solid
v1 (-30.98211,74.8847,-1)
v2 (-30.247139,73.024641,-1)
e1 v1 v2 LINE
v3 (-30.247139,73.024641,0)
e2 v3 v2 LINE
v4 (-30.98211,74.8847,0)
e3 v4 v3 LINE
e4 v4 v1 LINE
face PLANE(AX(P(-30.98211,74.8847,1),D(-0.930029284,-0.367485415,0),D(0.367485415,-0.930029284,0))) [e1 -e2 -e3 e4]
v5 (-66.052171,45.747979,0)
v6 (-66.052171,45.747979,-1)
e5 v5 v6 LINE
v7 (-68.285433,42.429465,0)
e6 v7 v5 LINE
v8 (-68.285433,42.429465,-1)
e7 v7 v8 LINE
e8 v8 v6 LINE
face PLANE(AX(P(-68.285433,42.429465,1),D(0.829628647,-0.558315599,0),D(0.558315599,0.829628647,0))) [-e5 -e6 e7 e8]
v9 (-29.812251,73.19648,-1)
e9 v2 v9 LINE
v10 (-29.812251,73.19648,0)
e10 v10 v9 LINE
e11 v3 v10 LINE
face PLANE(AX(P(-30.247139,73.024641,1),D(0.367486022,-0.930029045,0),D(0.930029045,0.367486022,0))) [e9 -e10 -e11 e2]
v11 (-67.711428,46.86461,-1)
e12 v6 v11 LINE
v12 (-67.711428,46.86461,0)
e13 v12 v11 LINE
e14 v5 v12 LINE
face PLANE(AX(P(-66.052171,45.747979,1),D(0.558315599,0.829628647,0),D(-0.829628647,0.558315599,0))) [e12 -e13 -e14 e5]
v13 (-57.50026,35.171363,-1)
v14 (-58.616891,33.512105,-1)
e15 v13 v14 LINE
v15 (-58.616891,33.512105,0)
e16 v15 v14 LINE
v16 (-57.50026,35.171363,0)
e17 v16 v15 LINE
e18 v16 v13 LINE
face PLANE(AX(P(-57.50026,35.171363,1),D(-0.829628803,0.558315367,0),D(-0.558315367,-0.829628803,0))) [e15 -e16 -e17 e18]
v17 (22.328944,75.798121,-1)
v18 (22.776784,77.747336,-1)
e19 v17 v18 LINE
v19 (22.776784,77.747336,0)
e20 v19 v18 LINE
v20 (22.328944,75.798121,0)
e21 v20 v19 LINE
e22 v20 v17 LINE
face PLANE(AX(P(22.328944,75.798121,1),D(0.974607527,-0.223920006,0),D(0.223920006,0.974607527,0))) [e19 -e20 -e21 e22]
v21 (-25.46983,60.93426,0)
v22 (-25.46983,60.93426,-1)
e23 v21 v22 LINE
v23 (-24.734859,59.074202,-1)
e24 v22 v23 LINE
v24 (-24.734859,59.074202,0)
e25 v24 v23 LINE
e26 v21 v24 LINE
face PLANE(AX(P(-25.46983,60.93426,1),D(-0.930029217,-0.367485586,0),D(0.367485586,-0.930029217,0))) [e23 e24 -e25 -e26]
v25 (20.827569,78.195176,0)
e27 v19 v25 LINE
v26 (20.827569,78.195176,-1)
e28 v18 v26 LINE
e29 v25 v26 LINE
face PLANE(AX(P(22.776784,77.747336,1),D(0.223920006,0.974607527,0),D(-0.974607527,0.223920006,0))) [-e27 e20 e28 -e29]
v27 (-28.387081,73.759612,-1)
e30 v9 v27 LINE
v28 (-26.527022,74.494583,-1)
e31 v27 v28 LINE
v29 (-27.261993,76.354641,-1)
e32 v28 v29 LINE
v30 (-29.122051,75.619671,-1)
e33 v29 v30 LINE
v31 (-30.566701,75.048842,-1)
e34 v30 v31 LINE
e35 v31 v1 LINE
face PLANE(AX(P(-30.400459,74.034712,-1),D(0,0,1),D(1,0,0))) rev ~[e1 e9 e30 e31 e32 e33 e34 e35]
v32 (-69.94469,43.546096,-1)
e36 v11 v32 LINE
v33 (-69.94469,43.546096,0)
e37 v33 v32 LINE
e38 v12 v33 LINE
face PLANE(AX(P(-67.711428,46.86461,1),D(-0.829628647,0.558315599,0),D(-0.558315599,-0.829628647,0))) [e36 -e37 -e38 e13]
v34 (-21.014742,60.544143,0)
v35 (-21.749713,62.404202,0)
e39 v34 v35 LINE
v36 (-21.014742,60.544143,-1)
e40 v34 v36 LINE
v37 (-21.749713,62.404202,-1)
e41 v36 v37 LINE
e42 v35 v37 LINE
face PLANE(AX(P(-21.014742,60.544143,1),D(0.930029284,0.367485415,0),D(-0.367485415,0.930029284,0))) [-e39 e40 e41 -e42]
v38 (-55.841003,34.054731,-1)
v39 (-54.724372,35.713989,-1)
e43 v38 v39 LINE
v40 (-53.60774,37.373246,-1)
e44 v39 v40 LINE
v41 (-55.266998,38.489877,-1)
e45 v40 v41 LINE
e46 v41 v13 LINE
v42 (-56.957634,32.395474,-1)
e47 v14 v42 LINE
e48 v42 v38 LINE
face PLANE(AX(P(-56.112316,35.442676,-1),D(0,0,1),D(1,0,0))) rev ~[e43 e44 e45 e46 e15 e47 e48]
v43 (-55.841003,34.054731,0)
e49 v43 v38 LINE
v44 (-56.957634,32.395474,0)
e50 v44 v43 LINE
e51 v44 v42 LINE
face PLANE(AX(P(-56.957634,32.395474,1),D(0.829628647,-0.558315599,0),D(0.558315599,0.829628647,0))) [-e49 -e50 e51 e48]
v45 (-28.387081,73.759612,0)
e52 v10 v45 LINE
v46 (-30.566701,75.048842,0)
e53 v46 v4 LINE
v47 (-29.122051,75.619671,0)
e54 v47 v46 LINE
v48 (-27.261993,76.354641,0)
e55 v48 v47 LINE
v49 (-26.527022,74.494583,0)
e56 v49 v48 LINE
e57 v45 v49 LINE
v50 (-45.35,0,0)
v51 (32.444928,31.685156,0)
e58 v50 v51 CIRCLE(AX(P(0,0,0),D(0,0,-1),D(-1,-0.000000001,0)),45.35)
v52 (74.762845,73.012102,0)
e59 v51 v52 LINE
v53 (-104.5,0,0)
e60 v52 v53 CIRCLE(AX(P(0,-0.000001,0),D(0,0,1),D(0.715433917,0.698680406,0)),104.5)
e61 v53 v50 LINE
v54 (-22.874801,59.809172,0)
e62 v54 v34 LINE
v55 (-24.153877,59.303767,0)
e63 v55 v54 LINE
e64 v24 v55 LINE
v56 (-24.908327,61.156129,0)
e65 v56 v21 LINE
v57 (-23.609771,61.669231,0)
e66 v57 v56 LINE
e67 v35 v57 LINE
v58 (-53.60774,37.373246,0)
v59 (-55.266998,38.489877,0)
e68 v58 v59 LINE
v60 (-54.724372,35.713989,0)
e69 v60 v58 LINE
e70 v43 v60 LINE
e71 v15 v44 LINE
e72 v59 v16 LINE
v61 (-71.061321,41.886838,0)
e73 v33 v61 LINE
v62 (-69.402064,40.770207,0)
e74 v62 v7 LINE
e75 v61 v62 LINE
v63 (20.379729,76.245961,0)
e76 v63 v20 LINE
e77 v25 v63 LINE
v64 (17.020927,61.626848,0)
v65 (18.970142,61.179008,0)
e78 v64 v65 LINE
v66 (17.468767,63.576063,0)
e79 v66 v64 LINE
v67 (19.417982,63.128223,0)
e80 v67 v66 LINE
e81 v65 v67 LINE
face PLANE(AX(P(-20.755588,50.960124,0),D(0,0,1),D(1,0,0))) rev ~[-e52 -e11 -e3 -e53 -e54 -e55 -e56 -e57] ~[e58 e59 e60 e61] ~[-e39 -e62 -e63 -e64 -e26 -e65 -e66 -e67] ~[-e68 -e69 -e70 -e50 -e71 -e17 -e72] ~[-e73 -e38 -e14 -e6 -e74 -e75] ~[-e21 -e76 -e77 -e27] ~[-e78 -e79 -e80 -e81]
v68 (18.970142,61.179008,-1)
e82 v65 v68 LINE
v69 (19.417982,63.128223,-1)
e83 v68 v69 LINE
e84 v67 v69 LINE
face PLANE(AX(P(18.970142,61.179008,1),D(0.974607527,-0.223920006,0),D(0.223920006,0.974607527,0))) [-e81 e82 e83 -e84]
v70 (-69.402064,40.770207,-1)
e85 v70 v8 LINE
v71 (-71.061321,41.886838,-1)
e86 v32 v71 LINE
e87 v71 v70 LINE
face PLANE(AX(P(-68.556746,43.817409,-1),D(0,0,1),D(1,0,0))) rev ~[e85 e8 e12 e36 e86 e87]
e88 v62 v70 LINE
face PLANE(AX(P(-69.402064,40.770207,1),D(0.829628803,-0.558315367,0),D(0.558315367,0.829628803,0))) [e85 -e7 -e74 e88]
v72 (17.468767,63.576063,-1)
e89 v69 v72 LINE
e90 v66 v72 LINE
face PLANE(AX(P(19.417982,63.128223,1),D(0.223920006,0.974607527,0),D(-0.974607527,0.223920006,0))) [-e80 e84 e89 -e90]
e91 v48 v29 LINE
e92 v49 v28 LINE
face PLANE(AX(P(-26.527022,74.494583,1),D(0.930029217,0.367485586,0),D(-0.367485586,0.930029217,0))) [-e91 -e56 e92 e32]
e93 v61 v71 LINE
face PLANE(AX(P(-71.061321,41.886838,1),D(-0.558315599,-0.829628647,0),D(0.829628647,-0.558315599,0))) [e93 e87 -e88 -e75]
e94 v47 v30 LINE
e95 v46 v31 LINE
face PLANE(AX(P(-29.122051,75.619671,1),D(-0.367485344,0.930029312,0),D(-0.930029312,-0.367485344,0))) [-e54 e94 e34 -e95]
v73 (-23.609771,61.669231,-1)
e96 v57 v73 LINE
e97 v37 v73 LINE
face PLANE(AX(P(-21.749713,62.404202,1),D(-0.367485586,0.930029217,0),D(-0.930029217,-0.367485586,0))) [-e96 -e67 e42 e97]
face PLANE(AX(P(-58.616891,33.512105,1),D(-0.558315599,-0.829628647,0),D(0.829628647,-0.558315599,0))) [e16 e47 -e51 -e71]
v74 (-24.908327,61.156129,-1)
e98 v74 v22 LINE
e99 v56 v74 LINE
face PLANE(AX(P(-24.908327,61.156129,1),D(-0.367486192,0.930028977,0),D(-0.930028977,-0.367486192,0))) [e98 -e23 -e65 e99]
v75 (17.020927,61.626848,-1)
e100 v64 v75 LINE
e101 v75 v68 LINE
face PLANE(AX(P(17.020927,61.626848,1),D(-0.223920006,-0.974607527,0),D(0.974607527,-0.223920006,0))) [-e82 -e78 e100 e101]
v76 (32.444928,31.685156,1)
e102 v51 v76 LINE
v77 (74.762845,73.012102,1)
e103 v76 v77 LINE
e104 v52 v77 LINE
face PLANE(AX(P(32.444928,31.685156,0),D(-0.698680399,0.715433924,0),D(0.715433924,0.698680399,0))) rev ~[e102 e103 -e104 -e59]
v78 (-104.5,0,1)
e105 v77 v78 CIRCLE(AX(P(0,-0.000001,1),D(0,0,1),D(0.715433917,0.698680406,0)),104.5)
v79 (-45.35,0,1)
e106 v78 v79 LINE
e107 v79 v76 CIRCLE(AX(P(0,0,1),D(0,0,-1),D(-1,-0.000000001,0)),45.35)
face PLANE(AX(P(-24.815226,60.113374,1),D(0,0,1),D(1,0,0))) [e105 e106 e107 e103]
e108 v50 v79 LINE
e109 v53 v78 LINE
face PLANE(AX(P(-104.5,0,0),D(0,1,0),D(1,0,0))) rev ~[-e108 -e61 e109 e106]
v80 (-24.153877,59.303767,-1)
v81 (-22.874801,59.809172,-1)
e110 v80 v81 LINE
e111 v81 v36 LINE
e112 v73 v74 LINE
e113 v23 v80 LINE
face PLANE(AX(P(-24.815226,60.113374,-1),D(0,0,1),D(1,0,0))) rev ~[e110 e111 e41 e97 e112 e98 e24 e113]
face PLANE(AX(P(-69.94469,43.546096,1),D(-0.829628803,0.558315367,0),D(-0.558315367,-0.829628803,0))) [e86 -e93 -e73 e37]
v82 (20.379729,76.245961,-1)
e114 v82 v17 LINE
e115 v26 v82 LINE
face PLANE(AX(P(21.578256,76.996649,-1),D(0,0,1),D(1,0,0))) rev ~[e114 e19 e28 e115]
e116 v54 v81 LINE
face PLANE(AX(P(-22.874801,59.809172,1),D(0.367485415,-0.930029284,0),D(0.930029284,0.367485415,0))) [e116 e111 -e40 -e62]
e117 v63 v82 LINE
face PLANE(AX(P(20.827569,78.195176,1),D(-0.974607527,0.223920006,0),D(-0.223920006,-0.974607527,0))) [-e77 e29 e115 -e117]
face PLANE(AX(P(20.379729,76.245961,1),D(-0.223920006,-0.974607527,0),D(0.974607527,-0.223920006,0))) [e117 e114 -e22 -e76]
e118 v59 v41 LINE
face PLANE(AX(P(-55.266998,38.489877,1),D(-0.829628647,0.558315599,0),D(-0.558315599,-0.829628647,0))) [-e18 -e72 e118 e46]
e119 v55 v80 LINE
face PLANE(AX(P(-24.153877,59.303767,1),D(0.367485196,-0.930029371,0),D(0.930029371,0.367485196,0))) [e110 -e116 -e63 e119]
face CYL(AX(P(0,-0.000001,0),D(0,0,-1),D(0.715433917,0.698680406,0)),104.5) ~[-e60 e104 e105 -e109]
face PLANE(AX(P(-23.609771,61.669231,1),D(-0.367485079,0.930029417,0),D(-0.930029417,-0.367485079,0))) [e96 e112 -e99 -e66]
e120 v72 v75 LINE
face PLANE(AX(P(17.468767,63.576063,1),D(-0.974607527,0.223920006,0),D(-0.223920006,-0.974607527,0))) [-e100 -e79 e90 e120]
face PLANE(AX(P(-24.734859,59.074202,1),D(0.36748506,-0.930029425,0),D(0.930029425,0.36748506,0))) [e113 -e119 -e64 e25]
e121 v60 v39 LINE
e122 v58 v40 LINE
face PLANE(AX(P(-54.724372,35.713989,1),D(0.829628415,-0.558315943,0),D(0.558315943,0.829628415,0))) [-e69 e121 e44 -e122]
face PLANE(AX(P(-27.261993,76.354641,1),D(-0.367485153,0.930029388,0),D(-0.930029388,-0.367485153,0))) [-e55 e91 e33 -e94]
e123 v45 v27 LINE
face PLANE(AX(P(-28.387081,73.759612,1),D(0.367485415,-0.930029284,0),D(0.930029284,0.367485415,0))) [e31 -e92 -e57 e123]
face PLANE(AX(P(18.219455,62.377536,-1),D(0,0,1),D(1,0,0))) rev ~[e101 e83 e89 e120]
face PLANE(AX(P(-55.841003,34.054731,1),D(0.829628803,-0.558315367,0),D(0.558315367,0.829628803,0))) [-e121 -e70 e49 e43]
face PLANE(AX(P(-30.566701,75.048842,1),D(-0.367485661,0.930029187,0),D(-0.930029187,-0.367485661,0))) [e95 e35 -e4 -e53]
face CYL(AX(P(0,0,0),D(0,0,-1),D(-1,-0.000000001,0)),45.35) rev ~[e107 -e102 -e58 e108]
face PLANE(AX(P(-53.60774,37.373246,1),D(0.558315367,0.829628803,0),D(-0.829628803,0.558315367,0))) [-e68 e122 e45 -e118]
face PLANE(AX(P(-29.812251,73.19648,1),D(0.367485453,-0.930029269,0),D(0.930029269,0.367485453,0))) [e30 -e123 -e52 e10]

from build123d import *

# Parameters (mm, degrees)
F1_DEPTH = 1
F3_DEPTH = 2


with BuildPart() as f1:
    # F0 (on Top) → F1 (new body)
    with BuildSketch(Plane.XY):
        with BuildLine():
            Line((32.444928, 31.685156), (74.762845, 73.012102))
            ThreePointArc((74.762845, 73.012102), (-39.417843, 96.780595), (-104.5, 0))
            Line((-104.5, 0), (-45.35, 0))
            ThreePointArc((-45.35, 0), (-17.106212, 42), (32.444928, 31.685156))
        make_face()
    extrude(amount=F1_DEPTH)

    # F2 (on face) → F3 (join)
    with BuildSketch(Plane.XY.offset(1)):
        Polygon((-24.734859, 59.074202), (-24.153877, 59.303767), (-24.908327, 61.156129), (-25.46983, 60.93426), align=None)
        Polygon((-24.908327, 61.156129), (-24.153877, 59.303767), (-22.874801, 59.809172), (-21.014742, 60.544143), (-21.749713, 62.404202), (-23.609771, 61.669231), align=None)
        Polygon((-30.247139, 73.024641), (-29.812251, 73.19648), (-30.566701, 75.048842), (-30.98211, 74.8847), align=None)
        Polygon((-30.566701, 75.048842), (-29.812251, 73.19648), (-28.387081, 73.759612), (-26.527022, 74.494583), (-27.261993, 76.354641), (-29.122051, 75.619671), align=None)
        Polygon((-55.841003, 34.054731), (-54.724372, 35.713989), (-56.383629, 36.83062), (-57.50026, 35.171363), align=None)
        Polygon((-68.285433, 42.429465), (-67.168802, 44.088722), (-68.828059, 45.205353), (-69.94469, 43.546096), align=None)
        Polygon((-68.828059, 45.205353), (-67.168802, 44.088722), (-66.052171, 45.747979), (-67.711428, 46.86461), align=None)
        Polygon((-56.383629, 36.83062), (-54.724372, 35.713989), (-53.60774, 37.373246), (-55.266998, 38.489877), align=None)
        Polygon((-56.957634, 32.395474), (-55.841003, 34.054731), (-57.50026, 35.171363), (-58.616891, 33.512105), align=None)
        Polygon((-69.402064, 40.770207), (-68.285433, 42.429465), (-69.94469, 43.546096), (-71.061321, 41.886838), align=None)
        Polygon((22.776784, 77.747336), (20.827569, 78.195176), (20.379729, 76.245961), (22.328944, 75.798121), align=None)
        Polygon((19.417982, 63.128223), (17.468767, 63.576063), (17.020927, 61.626848), (18.970142, 61.179008), align=None)
    extrude(amount=-F3_DEPTH)


solid = f1.part
